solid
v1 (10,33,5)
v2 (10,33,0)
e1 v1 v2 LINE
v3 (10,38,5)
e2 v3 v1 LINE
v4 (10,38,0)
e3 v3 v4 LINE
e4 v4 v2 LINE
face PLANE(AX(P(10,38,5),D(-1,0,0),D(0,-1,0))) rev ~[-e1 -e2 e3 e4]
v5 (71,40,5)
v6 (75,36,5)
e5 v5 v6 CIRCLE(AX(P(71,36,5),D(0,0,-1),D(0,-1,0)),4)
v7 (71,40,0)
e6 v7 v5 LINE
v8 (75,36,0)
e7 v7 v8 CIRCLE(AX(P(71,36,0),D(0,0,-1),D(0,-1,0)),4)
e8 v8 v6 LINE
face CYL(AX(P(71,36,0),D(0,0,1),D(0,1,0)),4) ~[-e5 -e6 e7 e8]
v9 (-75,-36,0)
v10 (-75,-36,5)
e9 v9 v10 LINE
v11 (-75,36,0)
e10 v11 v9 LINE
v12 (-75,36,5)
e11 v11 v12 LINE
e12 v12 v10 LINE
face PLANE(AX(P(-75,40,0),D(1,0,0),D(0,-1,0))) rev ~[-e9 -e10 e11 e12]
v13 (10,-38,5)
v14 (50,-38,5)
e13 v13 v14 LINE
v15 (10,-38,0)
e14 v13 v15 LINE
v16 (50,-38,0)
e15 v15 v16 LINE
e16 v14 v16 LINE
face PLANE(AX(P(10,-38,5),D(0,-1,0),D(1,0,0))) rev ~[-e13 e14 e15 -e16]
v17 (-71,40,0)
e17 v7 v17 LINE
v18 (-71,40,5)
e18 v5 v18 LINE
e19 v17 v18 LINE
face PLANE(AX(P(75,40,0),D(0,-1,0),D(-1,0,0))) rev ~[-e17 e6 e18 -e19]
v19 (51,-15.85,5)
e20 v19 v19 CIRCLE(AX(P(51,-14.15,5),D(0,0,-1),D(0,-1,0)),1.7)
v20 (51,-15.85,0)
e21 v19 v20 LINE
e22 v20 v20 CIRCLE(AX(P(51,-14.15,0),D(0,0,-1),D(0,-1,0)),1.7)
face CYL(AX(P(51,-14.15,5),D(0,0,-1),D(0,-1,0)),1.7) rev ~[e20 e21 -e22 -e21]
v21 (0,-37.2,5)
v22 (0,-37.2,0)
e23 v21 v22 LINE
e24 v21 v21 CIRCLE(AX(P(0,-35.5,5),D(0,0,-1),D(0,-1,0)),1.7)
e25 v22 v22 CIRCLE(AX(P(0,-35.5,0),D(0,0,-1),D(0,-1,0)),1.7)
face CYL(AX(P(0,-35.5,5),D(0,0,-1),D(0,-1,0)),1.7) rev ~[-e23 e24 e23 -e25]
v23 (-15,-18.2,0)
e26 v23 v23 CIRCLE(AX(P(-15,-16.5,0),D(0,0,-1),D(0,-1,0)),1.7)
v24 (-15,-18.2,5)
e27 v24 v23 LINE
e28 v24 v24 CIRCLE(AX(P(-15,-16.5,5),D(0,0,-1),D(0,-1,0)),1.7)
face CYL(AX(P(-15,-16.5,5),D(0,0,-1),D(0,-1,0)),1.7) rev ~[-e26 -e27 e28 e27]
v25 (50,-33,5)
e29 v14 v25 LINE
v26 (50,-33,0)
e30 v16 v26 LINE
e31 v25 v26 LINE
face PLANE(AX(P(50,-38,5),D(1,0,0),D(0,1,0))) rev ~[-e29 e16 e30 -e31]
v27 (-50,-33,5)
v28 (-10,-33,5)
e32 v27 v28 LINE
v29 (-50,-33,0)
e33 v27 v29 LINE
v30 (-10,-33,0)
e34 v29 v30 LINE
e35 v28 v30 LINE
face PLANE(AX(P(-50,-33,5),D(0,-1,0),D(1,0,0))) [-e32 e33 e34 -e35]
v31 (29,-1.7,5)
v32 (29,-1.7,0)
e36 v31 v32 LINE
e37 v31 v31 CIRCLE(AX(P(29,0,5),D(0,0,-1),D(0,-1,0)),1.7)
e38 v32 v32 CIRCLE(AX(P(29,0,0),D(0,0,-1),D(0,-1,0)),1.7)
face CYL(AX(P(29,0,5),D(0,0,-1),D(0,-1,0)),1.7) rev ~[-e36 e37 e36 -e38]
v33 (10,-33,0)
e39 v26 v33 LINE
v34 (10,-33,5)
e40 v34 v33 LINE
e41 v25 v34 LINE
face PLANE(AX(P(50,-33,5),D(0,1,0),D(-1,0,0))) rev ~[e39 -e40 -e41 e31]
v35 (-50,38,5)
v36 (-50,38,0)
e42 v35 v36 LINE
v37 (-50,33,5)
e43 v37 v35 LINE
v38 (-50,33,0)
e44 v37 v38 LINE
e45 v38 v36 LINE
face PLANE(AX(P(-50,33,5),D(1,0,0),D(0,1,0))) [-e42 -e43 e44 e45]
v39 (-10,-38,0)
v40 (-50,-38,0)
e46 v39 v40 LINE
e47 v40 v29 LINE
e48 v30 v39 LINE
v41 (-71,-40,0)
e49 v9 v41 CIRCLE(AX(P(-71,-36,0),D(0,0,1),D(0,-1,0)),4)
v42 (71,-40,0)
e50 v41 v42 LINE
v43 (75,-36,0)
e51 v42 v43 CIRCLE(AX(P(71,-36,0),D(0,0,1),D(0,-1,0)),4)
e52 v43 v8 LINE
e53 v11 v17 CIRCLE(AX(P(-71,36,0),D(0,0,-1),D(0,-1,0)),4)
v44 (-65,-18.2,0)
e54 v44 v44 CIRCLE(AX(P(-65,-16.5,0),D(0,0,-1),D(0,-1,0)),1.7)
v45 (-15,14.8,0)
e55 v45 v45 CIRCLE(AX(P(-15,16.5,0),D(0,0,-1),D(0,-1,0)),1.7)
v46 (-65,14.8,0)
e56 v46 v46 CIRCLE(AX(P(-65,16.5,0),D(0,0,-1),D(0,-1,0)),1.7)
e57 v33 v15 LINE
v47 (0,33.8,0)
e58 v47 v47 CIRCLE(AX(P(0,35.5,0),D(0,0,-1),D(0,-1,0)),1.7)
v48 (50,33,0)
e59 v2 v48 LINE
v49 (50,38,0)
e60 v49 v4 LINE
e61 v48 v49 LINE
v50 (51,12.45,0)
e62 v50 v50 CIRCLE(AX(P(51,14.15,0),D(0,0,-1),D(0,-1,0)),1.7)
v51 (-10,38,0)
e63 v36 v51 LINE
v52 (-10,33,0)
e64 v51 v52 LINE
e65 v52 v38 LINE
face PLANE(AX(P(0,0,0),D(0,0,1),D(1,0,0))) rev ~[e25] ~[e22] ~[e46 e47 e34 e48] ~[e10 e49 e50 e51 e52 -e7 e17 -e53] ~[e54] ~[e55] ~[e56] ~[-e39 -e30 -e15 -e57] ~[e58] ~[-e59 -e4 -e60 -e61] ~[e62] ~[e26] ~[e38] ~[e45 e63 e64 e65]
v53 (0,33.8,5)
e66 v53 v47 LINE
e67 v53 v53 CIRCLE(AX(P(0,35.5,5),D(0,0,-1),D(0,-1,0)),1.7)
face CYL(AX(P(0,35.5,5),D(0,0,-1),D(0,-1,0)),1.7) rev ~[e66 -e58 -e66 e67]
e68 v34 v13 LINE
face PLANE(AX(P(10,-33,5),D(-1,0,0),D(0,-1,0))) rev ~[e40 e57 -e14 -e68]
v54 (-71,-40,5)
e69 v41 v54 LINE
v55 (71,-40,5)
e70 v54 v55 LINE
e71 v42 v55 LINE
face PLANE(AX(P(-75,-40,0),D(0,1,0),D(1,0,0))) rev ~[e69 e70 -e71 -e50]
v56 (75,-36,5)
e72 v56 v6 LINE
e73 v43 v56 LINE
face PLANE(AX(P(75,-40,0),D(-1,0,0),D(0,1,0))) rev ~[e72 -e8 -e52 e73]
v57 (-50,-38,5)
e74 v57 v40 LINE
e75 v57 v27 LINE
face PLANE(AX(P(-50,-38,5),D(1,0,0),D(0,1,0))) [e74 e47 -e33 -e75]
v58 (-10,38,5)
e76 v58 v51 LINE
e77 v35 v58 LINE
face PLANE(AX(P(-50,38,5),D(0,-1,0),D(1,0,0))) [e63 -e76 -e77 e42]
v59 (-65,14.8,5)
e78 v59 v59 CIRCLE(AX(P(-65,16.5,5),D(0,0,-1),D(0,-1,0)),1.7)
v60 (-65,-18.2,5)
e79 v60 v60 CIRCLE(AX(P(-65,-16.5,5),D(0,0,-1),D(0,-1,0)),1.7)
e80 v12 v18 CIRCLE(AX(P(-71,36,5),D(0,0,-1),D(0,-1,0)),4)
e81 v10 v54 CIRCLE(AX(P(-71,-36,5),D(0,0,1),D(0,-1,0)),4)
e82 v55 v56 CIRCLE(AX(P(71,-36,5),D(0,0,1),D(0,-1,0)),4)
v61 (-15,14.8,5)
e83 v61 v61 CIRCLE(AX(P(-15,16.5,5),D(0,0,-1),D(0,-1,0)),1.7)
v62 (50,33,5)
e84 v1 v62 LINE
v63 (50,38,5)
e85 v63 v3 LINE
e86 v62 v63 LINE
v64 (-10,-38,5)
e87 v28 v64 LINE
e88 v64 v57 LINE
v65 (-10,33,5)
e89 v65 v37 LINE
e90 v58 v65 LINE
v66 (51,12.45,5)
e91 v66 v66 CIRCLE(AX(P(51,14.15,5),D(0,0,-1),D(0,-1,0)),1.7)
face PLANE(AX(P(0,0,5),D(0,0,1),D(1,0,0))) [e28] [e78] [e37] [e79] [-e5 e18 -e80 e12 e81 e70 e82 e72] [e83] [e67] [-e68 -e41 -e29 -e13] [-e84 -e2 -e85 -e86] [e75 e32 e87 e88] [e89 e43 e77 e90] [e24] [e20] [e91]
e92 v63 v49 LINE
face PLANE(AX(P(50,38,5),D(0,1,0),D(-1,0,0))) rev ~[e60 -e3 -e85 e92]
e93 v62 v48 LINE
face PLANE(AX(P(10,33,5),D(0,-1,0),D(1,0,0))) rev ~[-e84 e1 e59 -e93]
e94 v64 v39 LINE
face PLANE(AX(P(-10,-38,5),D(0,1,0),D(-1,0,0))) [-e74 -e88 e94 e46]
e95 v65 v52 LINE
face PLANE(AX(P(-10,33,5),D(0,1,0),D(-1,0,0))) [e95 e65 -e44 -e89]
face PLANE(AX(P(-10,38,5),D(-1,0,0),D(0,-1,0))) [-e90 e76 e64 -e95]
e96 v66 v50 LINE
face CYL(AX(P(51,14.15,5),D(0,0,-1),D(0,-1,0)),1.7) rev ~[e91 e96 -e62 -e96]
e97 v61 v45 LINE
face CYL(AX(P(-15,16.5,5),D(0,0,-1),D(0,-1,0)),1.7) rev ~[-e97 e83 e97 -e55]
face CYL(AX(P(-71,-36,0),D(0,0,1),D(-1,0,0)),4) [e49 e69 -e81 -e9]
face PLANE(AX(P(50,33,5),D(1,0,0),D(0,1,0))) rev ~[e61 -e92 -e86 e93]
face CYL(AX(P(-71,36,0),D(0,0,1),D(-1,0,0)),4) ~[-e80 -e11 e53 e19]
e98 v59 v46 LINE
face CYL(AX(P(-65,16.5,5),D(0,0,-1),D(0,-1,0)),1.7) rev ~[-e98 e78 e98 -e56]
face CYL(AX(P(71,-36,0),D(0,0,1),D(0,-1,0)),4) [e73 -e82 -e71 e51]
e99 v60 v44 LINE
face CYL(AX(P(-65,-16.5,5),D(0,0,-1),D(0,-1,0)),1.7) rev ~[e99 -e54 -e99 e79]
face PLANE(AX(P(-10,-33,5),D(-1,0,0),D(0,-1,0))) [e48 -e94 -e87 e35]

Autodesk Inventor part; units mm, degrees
ref_plane "YZ Plane" through (0, 0, 0) normal (1, 0, 0) x (0, 1, 0)
ref_plane "XZ Plane" through (0, 0, 0) normal (0, 1, 0) x (-1, 0, 0)
ref_plane "XY Plane" through (0, 0, 0) normal (0, 0, 1) x (1, 0, 0)
sketch "Sketch1" plane through (0, 0, 0) normal (0, 0, 1) x (1, 0, 0)
  line L0 (-75, -40) -> (75, -40)
  line L1 (75, -40) -> (75, 40)
  line L2 (75, 40) -> (-75, 40)
  line L3 (-75, 40) -> (-75, -40)
  line L4 (-75, -40) -> (75, 40) construction
  line L5 (75, -40) -> (-75, 40) construction
  point P0 (0, 0)
  dimension "d0" = 80
  dimension "d1" = 150
extrude "Extrusion1" add sketch "Sketch1" along normal blind 5
sketch "Sketch2" plane through (0, 0, 5) normal (0, 0, 1) x (1, 0, 0)
  line L0 (29, -14.15) -> (51, -14.15) construction
  line L1 (51, -14.15) -> (51, 14.15) construction
  line L2 (51, 14.15) -> (29, 14.15) construction
  line L3 (29, 14.15) -> (29, -14.15) construction
  line L4 (29, -14.15) -> (51, 14.15) construction
  line L5 (51, -14.15) -> (29, 14.15) construction
  line L6 (-65, -16.5) -> (-15, -16.5) construction
  line L7 (-15, -16.5) -> (-15, 16.5) construction
  line L8 (-15, 16.5) -> (-65, 16.5) construction
  line L9 (-65, 16.5) -> (-65, -16.5) construction
  line L10 (-65, -16.5) -> (-15, 16.5) construction
  line L11 (-15, -16.5) -> (-65, 16.5) construction
  point P0 (0, 0)
  point P1 (40, 0)
  point P2 (-40, 0)
  point P3 (-40, 0)
  point P4 (40, 0)
  point P5 (29, 0)
  dimension "d4" = 50
  dimension "d5" = 33
  dimension "d6" = 40
  dimension "d7" = 28.3
  dimension "d8" = 22
  dimension "d9" = 40
hole "Hole1" at (51, 14.15, 5) at (51, -14.15, 5) at (29, 0, 5) at (-15, -16.5, 5) at (-15, 16.5, 5) at (-65, 16.5, 5) at (-65, -16.5, 5) direction (0, 0, -1) diameter 3.4 depth 8 tip angle 118 clearance for "Countersunk Flat Head Screw DIN EN ISO 2009" size "M3" standard "DIN"
sketch "Sketch3" plane through (0, 0, 5) normal (0, 0, 1) x (1, 0, 0)
  line L0 (-50, 38) -> (50, 38) construction
  line L1 (50, 38) -> (50, 33) construction
  line L2 (50, 33) -> (-50, 33) construction
  line L3 (-50, 33) -> (-50, 38) construction
  line L4 (-50, 38) -> (50, 33) construction
  line L5 (50, 38) -> (-50, 33) construction
  line L6 (-50, -33) -> (50, -33) construction
  line L7 (50, -33) -> (50, -38) construction
  line L8 (50, -38) -> (-50, -38) construction
  line L9 (-50, -38) -> (-50, -33) construction
  line L10 (-50, -33) -> (50, -38) construction
  line L11 (50, -33) -> (-50, -38) construction
  line L12 (75, 40) -> (-75, 40) projected
  line L13 (-75, -40) -> (75, -40) projected
  line L14 (-50, 38) -> (-10, 38)
  line L15 (-10, 38) -> (-10, 33)
  line L16 (-10, 33) -> (-50, 33)
  line L17 (-50, 33) -> (-50, 38)
  line L18 (50, 38) -> (10, 38)
  line L19 (10, 38) -> (10, 33)
  line L20 (10, 33) -> (50, 33)
  line L21 (50, 33) -> (50, 38)
  line L22 (50, -33) -> (10, -33)
  line L23 (10, -33) -> (10, -38)
  line L24 (10, -38) -> (50, -38)
  line L25 (50, -38) -> (50, -33)
  line L26 (-50, -33) -> (-10, -33)
  line L27 (-10, -33) -> (-10, -38)
  line L28 (-10, -38) -> (-50, -38)
  line L29 (-50, -38) -> (-50, -33)
  point P0 (0, 0)
  point P1 (0, 35.5)
  point P2 (0, -35.5)
  point P3 (0, 35.5)
  point P4 (0, -35.5)
  dimension "d17" = 5
  dimension "d18" = 5
  dimension "d19" = 2
  dimension "d20" = 2
  dimension "d21" = 100
  dimension "d22" = 20
  dimension "d23" = 10
extrude "Extrusion2" cut sketch "Sketch3" against normal blind 5
fillet "Fillet1" radius 4 4 edges at (75, 40, 2.5) (75, -40, 2.5) (-75, -40, 2.5) (-75, 40, 2.5)
sketch "Sketch4" plane through (0, 0, 5) normal (0, 0, 1) x (1, 0, 0)
  line L0 (-10, -38) -> (-50, -38) projected
  line L1 (-50, 38) -> (-10, 38) projected
  point P0 (0, 0)
  point P1 (0, 35.5)
  point P2 (0, -35.5)
  dimension "d27" = 2.5
  dimension "d28" = 2.5
hole "Hole2" at (0, 35.5, 5) at (0, -35.5, 5) direction (0, 0, -1) diameter 3.4 depth 8 tip angle 118 clearance for "Countersunk Flat Head Screw DIN EN ISO 2009" size "M3" standard "DIN"
equation "\"d23\" = 0.5 * d22"
properties part number "Interrupter_Bottom" material "Polycarbonate, Clear"
